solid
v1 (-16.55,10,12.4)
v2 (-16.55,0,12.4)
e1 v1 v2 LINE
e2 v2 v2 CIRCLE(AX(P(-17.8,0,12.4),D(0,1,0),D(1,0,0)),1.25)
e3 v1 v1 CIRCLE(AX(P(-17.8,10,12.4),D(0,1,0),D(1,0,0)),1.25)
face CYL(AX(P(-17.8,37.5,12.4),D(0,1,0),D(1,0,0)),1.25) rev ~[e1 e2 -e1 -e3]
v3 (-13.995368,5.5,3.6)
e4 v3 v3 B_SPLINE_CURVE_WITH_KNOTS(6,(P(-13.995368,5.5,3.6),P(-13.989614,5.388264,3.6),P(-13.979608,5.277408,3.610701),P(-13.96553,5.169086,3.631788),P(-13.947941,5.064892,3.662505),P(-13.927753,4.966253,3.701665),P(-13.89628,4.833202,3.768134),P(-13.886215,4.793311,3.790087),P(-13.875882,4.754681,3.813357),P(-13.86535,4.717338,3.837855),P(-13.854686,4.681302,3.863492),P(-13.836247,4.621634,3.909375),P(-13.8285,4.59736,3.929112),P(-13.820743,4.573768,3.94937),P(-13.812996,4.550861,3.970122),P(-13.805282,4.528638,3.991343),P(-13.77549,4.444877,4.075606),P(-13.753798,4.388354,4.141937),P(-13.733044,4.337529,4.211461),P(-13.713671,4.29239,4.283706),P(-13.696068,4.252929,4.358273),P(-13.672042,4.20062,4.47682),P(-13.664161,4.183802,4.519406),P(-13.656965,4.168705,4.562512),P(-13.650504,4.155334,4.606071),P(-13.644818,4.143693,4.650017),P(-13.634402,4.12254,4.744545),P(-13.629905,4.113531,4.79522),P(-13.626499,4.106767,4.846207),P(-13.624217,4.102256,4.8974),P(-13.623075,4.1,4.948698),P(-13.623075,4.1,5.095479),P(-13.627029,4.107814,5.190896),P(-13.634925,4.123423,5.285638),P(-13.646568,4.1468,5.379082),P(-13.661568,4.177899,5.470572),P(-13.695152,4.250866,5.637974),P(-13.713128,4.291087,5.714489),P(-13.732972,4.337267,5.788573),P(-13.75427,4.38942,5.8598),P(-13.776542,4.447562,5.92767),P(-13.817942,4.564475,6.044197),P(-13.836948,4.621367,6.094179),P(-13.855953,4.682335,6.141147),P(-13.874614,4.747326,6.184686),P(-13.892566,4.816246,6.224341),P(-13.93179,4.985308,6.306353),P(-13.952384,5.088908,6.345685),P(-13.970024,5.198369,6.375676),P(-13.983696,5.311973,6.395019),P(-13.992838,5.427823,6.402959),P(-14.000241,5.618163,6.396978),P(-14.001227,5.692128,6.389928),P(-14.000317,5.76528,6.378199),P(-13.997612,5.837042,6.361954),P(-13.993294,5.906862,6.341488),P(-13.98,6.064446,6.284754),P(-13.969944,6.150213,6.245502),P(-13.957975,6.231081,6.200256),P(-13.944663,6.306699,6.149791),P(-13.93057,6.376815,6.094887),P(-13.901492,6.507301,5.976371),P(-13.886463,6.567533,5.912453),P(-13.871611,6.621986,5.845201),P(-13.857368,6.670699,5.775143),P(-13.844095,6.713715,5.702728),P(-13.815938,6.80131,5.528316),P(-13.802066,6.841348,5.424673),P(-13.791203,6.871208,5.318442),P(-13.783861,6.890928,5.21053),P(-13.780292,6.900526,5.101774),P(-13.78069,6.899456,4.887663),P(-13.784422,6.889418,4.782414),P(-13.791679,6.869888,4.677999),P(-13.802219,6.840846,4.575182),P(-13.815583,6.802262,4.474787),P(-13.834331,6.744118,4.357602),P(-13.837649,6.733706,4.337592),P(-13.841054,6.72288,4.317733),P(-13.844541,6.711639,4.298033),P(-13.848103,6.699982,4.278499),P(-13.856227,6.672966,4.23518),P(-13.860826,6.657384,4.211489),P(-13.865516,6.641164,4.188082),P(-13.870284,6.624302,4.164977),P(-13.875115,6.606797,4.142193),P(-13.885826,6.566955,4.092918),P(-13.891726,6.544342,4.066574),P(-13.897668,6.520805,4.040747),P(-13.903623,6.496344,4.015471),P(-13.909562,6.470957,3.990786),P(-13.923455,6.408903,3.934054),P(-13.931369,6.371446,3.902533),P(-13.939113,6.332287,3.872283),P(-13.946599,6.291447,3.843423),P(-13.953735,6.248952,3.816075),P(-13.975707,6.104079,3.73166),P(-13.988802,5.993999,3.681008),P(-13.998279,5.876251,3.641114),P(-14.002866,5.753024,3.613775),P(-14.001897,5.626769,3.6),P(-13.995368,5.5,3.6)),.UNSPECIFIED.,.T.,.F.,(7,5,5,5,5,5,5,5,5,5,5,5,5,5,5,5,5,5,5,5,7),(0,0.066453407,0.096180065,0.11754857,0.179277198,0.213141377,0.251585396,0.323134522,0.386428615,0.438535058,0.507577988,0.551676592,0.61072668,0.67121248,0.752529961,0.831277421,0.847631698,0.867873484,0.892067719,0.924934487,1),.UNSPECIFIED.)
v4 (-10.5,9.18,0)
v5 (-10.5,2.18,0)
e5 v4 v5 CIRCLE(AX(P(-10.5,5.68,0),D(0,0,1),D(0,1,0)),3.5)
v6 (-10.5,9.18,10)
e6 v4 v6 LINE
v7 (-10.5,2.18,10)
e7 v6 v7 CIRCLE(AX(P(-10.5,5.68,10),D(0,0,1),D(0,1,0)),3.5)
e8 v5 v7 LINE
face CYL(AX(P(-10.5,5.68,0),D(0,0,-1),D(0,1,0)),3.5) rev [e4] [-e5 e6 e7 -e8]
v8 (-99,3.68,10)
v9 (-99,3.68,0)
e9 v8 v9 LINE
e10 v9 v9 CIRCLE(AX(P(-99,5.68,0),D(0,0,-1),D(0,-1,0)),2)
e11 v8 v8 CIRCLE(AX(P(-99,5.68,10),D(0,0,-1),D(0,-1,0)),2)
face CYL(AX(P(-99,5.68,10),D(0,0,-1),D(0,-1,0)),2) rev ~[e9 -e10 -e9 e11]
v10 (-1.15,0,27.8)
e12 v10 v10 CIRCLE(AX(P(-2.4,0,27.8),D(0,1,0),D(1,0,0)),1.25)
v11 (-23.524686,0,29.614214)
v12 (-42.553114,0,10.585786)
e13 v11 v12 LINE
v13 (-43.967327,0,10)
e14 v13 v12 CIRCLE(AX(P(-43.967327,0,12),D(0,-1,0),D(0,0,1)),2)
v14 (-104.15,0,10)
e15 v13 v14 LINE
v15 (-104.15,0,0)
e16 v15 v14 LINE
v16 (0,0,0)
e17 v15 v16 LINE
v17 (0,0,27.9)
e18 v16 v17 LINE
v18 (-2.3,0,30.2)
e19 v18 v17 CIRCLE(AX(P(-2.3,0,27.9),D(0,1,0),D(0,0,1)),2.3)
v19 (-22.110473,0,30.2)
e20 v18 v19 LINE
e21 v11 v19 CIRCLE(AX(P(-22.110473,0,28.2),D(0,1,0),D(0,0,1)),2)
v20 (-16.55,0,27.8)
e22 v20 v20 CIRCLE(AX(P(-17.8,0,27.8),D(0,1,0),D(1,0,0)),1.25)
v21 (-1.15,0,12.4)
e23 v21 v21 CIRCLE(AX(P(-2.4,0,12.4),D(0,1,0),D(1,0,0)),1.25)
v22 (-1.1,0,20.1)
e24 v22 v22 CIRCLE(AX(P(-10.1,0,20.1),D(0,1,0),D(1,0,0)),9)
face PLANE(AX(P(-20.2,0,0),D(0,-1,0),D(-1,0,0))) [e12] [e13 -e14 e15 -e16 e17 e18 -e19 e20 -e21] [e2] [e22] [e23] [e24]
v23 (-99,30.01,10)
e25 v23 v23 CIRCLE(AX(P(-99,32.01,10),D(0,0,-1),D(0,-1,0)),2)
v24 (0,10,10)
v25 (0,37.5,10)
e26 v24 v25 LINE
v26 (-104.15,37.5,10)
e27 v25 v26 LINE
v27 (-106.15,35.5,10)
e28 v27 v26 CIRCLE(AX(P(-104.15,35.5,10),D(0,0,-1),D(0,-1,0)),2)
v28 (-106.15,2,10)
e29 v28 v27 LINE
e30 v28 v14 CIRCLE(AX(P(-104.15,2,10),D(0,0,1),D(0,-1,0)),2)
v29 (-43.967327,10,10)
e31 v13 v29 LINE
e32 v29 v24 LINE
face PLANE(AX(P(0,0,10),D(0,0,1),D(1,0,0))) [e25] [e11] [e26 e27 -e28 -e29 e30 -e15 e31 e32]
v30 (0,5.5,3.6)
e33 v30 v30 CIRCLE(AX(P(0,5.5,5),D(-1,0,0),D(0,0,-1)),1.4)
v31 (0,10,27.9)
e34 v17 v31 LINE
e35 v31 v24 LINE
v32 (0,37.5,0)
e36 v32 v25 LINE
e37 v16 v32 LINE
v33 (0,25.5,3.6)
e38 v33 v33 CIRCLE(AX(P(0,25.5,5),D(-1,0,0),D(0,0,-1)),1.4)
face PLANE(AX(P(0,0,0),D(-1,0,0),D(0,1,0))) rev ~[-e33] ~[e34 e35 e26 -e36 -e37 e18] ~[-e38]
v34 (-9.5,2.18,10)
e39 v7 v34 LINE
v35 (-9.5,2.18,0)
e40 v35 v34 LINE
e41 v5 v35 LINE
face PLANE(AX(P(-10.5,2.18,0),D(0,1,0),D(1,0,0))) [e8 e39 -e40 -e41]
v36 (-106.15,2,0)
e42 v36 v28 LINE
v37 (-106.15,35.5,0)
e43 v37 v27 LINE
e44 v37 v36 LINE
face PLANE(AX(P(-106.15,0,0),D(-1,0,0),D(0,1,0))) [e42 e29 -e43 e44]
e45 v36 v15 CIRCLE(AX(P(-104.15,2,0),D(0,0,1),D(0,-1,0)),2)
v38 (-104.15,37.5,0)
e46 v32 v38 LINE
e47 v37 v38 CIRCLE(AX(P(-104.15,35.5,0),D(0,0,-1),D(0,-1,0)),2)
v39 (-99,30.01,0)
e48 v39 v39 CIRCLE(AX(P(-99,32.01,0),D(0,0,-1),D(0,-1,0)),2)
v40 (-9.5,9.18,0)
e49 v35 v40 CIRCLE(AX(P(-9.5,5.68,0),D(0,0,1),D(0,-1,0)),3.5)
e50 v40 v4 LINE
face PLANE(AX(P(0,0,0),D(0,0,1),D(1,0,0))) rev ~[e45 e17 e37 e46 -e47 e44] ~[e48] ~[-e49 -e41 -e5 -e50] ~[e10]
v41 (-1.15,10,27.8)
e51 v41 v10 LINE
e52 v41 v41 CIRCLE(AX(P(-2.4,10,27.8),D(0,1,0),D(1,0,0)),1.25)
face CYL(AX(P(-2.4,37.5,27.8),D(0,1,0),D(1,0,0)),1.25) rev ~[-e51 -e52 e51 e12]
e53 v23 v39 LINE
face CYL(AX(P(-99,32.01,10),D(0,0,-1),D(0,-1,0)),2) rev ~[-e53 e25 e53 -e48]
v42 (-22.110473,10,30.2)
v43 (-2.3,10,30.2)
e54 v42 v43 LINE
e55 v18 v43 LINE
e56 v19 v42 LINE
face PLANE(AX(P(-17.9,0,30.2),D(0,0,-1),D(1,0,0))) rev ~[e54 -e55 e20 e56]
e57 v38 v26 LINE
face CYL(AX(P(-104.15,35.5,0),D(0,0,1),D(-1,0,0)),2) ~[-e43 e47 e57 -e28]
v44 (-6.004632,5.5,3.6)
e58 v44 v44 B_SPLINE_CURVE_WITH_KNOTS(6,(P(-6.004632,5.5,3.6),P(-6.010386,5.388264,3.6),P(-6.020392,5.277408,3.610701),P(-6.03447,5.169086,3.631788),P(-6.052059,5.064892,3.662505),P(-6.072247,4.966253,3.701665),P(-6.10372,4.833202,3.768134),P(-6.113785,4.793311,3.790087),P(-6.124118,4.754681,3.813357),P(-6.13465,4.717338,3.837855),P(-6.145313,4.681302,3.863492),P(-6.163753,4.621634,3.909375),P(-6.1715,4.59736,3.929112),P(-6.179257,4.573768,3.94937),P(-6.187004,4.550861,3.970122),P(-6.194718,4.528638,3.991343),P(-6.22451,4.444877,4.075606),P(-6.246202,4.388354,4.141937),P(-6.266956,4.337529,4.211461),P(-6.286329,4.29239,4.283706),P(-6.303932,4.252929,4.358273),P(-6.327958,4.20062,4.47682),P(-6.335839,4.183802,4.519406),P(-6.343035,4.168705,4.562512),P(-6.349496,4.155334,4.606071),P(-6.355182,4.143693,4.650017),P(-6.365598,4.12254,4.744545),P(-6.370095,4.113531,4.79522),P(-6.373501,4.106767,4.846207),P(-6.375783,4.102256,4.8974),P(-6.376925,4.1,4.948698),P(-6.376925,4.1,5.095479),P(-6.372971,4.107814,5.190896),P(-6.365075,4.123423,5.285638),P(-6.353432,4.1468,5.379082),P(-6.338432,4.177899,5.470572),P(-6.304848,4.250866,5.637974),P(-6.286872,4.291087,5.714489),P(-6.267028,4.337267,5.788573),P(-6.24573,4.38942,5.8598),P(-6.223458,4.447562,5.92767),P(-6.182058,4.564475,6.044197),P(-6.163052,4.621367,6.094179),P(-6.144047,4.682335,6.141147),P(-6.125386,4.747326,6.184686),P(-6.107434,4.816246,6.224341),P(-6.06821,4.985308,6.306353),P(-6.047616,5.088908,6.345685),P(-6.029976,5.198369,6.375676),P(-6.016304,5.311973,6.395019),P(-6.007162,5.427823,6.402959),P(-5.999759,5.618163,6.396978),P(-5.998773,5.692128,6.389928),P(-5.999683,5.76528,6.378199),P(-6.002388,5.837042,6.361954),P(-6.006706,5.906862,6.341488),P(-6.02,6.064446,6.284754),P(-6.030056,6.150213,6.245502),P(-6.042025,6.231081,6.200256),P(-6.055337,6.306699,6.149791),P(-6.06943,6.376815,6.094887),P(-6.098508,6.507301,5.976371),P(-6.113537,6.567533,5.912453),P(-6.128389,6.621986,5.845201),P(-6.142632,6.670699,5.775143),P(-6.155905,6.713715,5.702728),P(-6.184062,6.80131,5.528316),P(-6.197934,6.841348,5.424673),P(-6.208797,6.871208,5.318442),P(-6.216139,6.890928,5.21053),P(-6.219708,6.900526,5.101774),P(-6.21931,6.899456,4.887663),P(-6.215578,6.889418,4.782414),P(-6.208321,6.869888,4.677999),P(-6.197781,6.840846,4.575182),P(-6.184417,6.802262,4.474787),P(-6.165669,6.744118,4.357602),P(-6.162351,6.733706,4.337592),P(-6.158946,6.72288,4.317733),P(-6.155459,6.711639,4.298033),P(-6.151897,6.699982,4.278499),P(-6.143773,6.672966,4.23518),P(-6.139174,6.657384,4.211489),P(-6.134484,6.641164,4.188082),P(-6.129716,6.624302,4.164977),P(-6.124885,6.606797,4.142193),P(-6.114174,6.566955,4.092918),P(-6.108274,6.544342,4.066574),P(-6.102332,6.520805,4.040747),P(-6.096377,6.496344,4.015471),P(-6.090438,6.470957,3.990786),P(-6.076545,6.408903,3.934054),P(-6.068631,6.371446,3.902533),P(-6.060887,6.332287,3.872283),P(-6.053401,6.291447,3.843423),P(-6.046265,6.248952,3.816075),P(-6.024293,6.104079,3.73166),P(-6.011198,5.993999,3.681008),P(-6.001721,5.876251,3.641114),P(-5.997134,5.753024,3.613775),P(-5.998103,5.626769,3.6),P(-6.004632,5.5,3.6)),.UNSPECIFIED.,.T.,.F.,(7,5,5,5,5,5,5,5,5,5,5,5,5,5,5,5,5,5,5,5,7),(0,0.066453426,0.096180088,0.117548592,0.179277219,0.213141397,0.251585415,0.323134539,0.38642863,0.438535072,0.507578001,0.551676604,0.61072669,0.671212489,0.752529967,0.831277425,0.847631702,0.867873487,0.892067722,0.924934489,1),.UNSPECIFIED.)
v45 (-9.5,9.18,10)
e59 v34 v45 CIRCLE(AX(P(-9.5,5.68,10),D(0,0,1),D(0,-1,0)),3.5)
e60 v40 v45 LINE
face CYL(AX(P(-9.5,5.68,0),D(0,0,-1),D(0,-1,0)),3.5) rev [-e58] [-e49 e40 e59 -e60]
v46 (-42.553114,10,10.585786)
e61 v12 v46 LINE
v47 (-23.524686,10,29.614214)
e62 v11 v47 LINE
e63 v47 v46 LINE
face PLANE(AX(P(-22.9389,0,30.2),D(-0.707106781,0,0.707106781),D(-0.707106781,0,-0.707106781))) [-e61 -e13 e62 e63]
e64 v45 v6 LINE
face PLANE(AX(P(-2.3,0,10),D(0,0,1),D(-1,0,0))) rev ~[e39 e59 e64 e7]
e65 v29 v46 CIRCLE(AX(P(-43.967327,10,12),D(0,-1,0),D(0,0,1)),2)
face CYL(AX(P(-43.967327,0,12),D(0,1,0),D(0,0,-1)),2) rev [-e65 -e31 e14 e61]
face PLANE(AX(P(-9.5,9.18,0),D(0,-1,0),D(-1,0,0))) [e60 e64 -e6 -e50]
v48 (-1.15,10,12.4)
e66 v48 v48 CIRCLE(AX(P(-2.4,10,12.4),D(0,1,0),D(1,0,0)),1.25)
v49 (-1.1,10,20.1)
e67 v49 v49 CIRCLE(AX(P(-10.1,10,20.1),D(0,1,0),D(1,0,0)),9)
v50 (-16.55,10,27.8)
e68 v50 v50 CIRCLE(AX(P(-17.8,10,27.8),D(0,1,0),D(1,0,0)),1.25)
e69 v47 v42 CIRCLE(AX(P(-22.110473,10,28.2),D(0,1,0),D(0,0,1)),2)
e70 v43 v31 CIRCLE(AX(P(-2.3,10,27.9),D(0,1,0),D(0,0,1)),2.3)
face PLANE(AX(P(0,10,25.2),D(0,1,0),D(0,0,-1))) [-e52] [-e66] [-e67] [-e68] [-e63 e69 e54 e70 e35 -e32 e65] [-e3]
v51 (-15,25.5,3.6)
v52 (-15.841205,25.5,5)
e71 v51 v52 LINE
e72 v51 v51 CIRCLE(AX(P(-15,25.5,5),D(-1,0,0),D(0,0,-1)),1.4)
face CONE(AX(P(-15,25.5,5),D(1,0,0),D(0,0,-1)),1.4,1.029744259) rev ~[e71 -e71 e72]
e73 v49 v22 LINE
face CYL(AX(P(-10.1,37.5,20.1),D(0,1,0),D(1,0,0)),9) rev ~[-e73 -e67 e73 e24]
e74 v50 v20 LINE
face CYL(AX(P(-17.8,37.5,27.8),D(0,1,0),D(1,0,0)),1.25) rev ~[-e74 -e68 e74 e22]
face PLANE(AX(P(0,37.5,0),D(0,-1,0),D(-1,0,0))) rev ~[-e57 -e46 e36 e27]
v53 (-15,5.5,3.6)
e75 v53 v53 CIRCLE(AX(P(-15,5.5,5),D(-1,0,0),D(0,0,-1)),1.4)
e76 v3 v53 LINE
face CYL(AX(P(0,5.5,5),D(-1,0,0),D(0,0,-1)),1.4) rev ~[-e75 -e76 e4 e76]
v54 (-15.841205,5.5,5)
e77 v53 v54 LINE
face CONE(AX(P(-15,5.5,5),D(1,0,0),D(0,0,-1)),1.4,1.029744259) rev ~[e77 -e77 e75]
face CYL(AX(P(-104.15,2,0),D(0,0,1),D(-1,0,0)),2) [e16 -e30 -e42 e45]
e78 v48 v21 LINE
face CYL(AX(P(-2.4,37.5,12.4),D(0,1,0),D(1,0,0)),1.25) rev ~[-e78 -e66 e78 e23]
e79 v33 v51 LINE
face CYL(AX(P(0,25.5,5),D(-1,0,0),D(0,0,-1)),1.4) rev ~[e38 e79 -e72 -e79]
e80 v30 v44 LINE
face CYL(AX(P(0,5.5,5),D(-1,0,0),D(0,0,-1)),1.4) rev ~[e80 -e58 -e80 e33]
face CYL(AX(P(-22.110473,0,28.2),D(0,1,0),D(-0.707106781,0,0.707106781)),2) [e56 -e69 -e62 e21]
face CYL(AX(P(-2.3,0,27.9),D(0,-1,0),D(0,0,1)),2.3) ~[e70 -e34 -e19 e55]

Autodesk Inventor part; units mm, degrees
ref_plane "YZ Plane" through (0, 0, 0) normal (1, 0, 0) x (0, 1, 0)
ref_plane "XZ Plane" through (0, 0, 0) normal (0, 1, 0) x (-1, 0, 0)
ref_plane "XY Plane" through (0, 0, 0) normal (0, 0, 1) x (1, 0, 0)
ref_plane "Arbeitsebene1" through (0, 0, 0) normal (0, 0, 1) x (1, 0, 0)
sketch "Skizze1" plane through (0, 0, 0) normal (0, 0, 1) x (1, 0, 0)
  line L0 (-106.15, 0) -> (-106.15, 8) projected
  line L1 (0, 0) -> (-106.15, 0) projected
  line L2 (0, 0) -> (0, 37.5) projected
  line L3 (0, 37.5) -> (-176.65, 37.5) projected
  line L4 (-176.65, 0) -> (-176.65, 37.5) projected
  line L5 (-137.15, 0) -> (-176.65, 0) projected
  line L6 (-137.15, 8) -> (-137.15, 0) projected
  arc A0 (-135.15, 10) -> (-137.15, 8) centre (-135.15, 8) ccw projected
  line L7 (-108.15, 10) -> (-135.15, 10) projected
  arc A1 (-106.15, 8) -> (-108.15, 10) centre (-108.15, 8) ccw projected
  circle A2 centre (-99, 32.01) radius 1.9 construction
  arc A3 (-9.5, 2.18) -> (-9.5, 9.18) centre (-9.5, 5.68) ccw projected
  line L8 (-10.5, 2.18) -> (-9.5, 2.18) projected
  arc A4 (-10.5, 9.18) -> (-10.5, 2.18) centre (-10.5, 5.68) ccw projected
  line L9 (-9.5, 9.18) -> (-10.5, 9.18) projected
  circle A5 centre (-99, 5.68) radius 1.525 construction
  circle A6 centre (-99, 32.01) radius 1.4
  circle A7 centre (-99, 5.68) radius 1.4
  line L10 (-20.2, 0) -> (-20.2, -25.9) projected
  line L11 (0, 0) -> (0, -25.9) projected
  line L12 (-106.15, 37.5) -> (0, 37.5)
  line L13 (0, 37.5) -> (0, 0)
  line L14 (0, 0) -> (-106.15, 0)
  line L15 (-106.15, 0) -> (-106.15, 37.5)
  dimension "d0" = 2.8
  dimension "d1" = 2.8
extrude "Extrusion1" add sketch "Skizze1" along normal blind 10 contours L0 L15 L3 L2 L1
ref_plane "Arbeitsebene2" through (0, 0, 25.2) normal (0, 1, 0) x (0, 0, -1)
sketch "Skizze2" plane through (0, 0, 25.2) normal (0, 1, 0) x (0, 0, -1)
  line L0 (-5, 17.9) -> (-5, 2.3) projected
  arc A0 (-5, 2.3) -> (-2.7, 0) centre (-2.7, 2.3) ccw projected
  line L1 (-2.7, 0) -> (12.9, 0) projected
  arc A1 (12.9, 0) -> (15.2, 2.3) centre (12.9, 2.3) ccw projected
  line L2 (15.2, 2.3) -> (15.2, 17.9) projected
  arc A2 (15.2, 17.9) -> (12.9, 20.2) centre (12.9, 17.9) ccw projected
  line L3 (12.9, 20.2) -> (-2.7, 20.2) projected
  arc A3 (-2.7, 20.2) -> (-5, 17.9) centre (-2.7, 17.9) ccw projected
  circle A4 centre (5.1, 10.1) radius 8 projected
  circle A5 centre (-2.6, 2.4) radius 1 projected
  circle A6 centre (12.8, 2.4) radius 1 projected
  circle A7 centre (12.8, 17.8) radius 1 projected
  circle A8 centre (-2.6, 17.8) radius 1 projected
  line L4 (-5, 17.9) -> (-5, 22.9389)
  line L5 (-5, 22.9389) -> (15.2, 43.1389)
  line L6 (15.2, 106.15) -> (15.2, 0) projected
  line L7 (15.2, 0) -> (15.2, 2.3)
  line L8 (15.2, 0) -> (-5, 0)
  line L9 (-5, 0) -> (-5, 20.2)
  line L10 (-5, 20.2) -> (15.2, 20.2)
  line L11 (15.2, 20.2) -> (15.2, 0)
  point P0 (25.2, 0)
  point P1 (15.2, 20.2)
  point P2 (15.2, 17.9)
  point P3 (12.9, 0)
  point P4 (15.2, 2.3)
  dimension "d13" = 135
extrude "Extrusion2" add sketch "Skizze2" along normal blind 10 contours A3 L3 A2 L2 A1 L1 A0 L0 | L4 L10 A3 | L10 L4 L5 L6 L3 | L10 L6 A2 | A1 L6 L8
sketch "Skizze3" plane through (-106.15, 37.5, 0) normal (0, 1, 0) x (1, 0, 0)
  circle A0 centre (96.05, -20.1) radius 8 projected
  circle A1 centre (88.35, -27.8) radius 1 projected
  circle A2 centre (88.35, -12.4) radius 1 projected
  circle A3 centre (103.75, -27.8) radius 1 projected
  circle A4 centre (103.75, -12.4) radius 1 projected
  circle A5 centre (96.05, -20.1) radius 9
  circle A6 centre (88.35, -27.8) radius 1.25
  circle A7 centre (103.75, -27.8) radius 1.25
  circle A8 centre (103.75, -12.4) radius 1.25
  circle A9 centre (88.35, -12.4) radius 1.25
  point P0 (106.15, 0)
  point P1 (102.2136, -10)
  point P2 (89.8864, -10)
  dimension "d6" = 18
  dimension "d7" = 2.5
  dimension "d8" = 2.5
  dimension "d9" = 2.5
  dimension "d10" = 2.5
extrude "Extrusion3" cut sketch "Skizze3" against normal through all contours A0 | A1 | A2 | A3 | A4 | A5 | A6 | A7 | A8 | A9
fillet "Rundung1" radius 2 4 edges at (-22.9389, 5, 30.2) (-43.1389, 5, 10) (-106.15, 37.5, 5) (-106.15, 0, 5)
sketch "Skizze4" plane through (0, 0, 0) normal (1, 0, 0) x (0, 0, -1)
  circle A0 centre (-5, 25.5) radius 1.75 projected
  circle A1 centre (-5, 5.5) radius 1.75 projected
  point P0 (0, 0)
hole "Bohrung1" at (0, 25.5, 5) at (0, 5.5, 5) direction (-1, 0, 0) diameter 2.8 depth 15 tip angle 118
sketch "Skizze5" plane through (0, 0, 10) normal (0, 0, 1) x (1, 0, 0)
  arc A0 (-106.15, 2) -> (-104.15, 0) centre (-104.15, 2) ccw projected
  line L0 (-104.15, 0) -> (-43.9674, 0) projected
  line L1 (-43.9674, 10) -> (-43.9674, 0) projected
  line L2 (-43.9674, 10) -> (0, 10) projected
  line L3 (0, 10) -> (0, 37.5) projected
  line L4 (0, 37.5) -> (-104.15, 37.5) projected
  arc A1 (-104.15, 37.5) -> (-106.15, 35.5) centre (-104.15, 35.5) ccw projected
  line L5 (-106.15, 35.5) -> (-106.15, 2) projected
  circle A2 centre (-99, 32.01) radius 1.4 projected
  circle A3 centre (-99, 5.68) radius 1.4 projected
  point P0 (0, 0)
hole "Bohrung2" at (-99, 5.68, 10) at (-99, 32.01, 10) direction (0, 0, -1) diameter 4 depth 15 tip angle 118
properties part number "OT2-Gripper_base"
